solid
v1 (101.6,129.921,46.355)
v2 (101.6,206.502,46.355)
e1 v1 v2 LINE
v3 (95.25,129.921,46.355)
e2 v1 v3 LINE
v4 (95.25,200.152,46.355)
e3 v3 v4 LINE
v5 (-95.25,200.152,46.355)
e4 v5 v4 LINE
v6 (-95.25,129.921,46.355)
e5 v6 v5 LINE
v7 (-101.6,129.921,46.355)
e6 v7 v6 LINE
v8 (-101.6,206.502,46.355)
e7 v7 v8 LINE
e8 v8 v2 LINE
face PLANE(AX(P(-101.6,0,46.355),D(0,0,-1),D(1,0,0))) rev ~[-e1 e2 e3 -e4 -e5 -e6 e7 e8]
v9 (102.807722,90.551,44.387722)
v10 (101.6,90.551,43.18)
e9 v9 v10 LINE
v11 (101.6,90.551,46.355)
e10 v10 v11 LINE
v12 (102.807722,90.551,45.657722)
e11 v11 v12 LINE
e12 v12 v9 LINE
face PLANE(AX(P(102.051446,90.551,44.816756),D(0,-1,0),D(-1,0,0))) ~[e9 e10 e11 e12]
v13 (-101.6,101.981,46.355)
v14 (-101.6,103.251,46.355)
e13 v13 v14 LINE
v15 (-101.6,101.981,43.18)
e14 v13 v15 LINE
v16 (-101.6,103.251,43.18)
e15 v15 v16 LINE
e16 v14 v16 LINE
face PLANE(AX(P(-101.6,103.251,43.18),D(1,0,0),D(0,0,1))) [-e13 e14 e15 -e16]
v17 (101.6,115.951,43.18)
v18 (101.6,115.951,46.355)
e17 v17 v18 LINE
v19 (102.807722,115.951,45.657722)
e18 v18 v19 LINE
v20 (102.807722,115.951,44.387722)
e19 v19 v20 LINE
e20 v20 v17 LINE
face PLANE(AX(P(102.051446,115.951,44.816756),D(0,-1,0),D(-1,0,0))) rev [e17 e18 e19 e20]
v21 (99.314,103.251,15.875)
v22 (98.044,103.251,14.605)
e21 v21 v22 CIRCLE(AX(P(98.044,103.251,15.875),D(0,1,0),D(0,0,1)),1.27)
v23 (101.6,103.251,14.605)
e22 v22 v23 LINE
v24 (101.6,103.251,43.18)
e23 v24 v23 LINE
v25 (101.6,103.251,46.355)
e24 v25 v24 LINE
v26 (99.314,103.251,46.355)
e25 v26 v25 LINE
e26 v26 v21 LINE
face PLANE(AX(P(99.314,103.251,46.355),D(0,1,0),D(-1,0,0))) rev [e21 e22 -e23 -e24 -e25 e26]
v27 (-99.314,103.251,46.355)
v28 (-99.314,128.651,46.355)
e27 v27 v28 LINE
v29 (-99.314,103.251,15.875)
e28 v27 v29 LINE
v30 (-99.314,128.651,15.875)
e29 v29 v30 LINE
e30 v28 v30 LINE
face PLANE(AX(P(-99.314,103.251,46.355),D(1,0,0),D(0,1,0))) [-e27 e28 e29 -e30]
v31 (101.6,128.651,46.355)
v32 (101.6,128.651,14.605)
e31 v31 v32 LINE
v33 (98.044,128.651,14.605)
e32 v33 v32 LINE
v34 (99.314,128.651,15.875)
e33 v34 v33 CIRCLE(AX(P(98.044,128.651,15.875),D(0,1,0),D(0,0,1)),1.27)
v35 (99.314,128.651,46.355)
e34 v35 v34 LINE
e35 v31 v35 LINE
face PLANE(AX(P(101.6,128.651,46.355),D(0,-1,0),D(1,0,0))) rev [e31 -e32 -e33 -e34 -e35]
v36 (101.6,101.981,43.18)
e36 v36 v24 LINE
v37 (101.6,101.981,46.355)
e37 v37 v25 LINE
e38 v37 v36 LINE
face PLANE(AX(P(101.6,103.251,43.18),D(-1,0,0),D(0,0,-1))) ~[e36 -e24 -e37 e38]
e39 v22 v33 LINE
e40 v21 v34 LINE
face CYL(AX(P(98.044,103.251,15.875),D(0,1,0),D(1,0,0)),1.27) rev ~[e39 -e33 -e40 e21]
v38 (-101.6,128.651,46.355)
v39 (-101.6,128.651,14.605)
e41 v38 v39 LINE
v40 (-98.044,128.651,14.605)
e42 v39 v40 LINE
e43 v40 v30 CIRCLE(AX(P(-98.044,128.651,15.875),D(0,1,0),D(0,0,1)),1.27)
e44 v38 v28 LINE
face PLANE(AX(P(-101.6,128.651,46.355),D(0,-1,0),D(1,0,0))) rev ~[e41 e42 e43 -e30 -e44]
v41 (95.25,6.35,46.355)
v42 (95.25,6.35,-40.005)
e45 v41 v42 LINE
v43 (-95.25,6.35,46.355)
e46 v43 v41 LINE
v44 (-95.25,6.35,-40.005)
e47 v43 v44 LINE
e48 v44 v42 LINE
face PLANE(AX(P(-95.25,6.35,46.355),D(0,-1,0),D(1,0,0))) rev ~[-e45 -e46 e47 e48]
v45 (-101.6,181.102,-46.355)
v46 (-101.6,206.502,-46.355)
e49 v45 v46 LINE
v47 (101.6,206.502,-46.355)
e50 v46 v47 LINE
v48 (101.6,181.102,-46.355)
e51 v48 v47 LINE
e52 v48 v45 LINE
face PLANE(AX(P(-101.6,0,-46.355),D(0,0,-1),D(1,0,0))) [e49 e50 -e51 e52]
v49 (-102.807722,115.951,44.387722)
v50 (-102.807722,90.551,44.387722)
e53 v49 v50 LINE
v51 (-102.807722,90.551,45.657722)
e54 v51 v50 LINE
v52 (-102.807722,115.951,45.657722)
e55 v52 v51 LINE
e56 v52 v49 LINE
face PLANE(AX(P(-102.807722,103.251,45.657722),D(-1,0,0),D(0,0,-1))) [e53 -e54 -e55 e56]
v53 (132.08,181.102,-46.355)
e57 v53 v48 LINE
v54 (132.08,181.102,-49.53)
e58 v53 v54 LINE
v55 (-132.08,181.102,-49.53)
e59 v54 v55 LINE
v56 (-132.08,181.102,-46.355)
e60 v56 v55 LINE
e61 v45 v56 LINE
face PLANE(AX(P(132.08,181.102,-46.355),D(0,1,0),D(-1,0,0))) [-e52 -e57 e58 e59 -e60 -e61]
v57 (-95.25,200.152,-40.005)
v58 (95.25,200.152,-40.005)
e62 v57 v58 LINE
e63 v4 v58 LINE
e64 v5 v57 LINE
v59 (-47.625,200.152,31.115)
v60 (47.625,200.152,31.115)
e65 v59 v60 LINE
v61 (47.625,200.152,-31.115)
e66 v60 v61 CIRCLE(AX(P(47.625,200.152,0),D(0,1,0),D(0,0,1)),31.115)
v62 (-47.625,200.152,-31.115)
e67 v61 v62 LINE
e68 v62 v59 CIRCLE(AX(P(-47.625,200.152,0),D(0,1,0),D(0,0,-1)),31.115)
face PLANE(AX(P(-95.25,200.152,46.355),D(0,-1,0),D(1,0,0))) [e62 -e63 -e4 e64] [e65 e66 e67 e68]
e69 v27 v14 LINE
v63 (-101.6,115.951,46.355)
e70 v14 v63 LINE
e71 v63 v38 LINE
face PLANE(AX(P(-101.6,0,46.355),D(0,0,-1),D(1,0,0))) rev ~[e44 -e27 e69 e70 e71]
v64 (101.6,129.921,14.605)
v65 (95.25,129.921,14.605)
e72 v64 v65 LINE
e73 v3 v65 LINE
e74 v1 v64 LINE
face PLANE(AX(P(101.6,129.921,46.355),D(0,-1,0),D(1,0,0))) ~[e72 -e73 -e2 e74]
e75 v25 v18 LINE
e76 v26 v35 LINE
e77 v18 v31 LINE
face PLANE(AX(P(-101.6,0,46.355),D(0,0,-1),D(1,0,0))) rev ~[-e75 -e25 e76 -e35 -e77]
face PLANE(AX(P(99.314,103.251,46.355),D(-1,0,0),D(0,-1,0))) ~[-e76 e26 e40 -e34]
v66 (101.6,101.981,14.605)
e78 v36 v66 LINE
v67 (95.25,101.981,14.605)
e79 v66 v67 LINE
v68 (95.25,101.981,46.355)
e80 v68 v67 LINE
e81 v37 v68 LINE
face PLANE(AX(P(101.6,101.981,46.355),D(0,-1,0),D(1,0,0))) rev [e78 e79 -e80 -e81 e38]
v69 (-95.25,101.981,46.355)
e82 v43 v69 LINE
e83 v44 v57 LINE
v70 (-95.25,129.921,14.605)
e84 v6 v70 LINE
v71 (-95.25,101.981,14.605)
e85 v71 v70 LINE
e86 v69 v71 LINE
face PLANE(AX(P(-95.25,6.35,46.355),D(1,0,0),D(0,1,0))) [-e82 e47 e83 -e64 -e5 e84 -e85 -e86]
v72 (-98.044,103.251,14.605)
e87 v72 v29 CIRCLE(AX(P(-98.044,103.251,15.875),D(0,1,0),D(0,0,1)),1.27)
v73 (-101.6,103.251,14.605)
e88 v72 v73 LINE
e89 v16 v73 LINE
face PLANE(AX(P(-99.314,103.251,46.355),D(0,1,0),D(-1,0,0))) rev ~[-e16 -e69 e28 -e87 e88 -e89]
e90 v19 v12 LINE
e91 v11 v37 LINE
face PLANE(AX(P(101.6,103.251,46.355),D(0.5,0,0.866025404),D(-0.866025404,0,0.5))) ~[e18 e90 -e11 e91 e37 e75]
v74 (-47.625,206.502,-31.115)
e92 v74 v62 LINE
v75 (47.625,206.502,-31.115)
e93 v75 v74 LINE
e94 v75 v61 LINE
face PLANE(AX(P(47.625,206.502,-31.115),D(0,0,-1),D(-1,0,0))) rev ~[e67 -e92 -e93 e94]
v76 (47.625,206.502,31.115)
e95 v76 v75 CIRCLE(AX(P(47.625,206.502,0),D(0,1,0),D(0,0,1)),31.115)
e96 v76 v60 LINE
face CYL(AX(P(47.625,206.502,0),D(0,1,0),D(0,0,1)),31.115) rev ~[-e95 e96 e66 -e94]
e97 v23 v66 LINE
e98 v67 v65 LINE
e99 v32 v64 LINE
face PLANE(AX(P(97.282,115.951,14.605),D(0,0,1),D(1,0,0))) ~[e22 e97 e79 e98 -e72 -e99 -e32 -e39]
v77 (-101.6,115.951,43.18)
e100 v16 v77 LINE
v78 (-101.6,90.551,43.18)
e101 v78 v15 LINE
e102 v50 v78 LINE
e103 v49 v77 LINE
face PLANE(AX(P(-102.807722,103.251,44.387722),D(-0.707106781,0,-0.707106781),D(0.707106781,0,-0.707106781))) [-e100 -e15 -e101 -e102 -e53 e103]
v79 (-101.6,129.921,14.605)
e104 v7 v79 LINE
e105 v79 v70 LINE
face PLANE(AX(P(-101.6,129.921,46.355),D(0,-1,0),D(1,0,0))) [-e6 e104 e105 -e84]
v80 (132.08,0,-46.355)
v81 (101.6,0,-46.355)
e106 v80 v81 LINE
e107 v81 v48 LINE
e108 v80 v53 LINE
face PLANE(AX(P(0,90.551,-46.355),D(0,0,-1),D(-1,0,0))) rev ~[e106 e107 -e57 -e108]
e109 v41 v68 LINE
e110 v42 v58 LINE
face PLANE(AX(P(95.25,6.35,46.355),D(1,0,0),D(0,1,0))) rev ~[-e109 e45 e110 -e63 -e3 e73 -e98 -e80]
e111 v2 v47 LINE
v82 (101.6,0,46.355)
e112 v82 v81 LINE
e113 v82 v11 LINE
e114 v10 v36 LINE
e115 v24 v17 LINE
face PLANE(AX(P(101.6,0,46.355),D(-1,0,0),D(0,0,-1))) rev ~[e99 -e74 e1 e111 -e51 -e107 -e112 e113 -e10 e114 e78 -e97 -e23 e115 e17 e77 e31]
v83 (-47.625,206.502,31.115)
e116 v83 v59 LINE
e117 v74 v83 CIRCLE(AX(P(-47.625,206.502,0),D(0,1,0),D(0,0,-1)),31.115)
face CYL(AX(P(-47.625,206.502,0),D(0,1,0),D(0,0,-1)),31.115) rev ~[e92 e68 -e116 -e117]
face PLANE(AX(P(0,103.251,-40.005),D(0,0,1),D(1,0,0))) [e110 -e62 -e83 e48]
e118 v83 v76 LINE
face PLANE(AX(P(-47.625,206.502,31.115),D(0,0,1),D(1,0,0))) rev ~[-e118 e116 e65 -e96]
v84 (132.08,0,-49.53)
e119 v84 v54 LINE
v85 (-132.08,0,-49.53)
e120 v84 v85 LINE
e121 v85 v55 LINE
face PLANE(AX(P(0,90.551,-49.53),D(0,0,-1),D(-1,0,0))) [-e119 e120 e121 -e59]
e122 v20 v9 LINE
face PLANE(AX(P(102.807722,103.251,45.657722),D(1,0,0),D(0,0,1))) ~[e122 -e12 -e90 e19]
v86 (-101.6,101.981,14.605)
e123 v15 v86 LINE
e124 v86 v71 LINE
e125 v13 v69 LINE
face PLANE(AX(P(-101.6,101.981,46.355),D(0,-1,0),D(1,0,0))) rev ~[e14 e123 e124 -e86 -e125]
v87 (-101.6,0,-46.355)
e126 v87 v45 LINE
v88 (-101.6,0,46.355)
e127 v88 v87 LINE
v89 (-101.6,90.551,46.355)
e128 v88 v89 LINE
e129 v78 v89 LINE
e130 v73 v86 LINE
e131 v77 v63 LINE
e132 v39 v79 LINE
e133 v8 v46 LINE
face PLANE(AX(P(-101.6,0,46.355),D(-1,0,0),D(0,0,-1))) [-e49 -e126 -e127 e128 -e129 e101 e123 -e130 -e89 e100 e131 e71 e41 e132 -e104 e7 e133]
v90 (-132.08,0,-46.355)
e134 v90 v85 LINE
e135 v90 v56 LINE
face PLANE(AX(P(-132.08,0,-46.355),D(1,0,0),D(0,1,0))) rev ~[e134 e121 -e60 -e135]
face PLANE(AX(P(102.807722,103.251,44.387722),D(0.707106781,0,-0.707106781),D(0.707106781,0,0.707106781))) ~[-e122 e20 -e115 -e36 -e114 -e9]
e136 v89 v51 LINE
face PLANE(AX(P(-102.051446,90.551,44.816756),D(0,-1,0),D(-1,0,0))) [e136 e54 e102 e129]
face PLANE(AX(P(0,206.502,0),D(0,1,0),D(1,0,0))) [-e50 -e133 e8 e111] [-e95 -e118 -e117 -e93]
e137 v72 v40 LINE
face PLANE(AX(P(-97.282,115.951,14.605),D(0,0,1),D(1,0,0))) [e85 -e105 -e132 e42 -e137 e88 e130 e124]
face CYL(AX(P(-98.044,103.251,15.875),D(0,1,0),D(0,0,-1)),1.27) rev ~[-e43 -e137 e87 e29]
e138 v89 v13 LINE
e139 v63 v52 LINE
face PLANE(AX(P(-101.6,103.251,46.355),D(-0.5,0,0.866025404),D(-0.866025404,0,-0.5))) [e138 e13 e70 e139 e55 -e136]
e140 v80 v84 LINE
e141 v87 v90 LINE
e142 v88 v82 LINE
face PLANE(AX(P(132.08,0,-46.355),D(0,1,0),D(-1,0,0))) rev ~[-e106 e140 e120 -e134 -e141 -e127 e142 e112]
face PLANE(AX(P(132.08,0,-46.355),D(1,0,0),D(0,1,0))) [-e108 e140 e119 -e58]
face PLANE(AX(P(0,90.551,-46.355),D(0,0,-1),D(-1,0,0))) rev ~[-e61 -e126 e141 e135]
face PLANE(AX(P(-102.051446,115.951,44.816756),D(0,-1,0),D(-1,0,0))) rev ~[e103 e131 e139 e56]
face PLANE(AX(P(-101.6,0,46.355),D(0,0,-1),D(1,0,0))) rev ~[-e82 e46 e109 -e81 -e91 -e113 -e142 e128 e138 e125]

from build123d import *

# Parameters (mm, degrees)
SKETCH2_W            = 203.2
SKETCH2_H            = 92.71
BOSS_EXTRUDE1_DEPTH  = 206.502
SKETCH3_W            = 190.5
SKETCH3_H            = 193.802
CUT_EXTRUDE1_DEPTH   = 86.36
CUT_EXTRUDE2_REACH   = 236.765
SKETCH6_W            = 264.16
SKETCH6_H            = 181.102
BOSS_EXTRUDE2_DEPTH  = 3.175
SKETCH8_W            = 4.064
SKETCH8_H            = 25.4
SKETCH8_W_2          = 6.35
SKETCH8_H_2          = 1.27
CUT_EXTRUDE3_DEPTH   = 31.75
FILLET1_R            = 1.27
BOSS_EXTRUDE3_DEPTH  = 12.7
FILLET1_OF_MIRROR1_R = 1.27


with BuildPart() as part:
    # Sketch2 → Boss-Extrude1 (new body)
    with BuildSketch(Plane(origin=(0, 0, 0), x_dir=(1, 0, 0), z_dir=(0, 1, 0))):
        Rectangle(SKETCH2_W, SKETCH2_H)
    extrude(amount=BOSS_EXTRUDE1_DEPTH)

    # Sketch3 → Cut-Extrude1 (cut)
    with BuildSketch(Plane.XY.offset(46.355)):
        with Locations((0, 103.251)):
            Rectangle(SKETCH3_W, SKETCH3_H)
    extrude(amount=-CUT_EXTRUDE1_DEPTH, mode=Mode.SUBTRACT)

    # Sketch5 → Cut-Extrude2 (cut, up to next)
    with BuildSketch(Plane.XZ.offset(-206.502), mode=Mode.PRIVATE) as cut_extrude2_sk1:
        with BuildLine():
            Line((-47.625, 31.115), (47.625, 31.115))
            ThreePointArc((47.625, 31.115), (78.74, 0), (47.625, -31.115))
            Line((47.625, -31.115), (-47.625, -31.115))
            ThreePointArc((-47.625, -31.115), (-78.74, 0), (-47.625, 31.115))
        make_face()
    cut_extrude2_tool1 = extrude(cut_extrude2_sk1.sketch, amount=CUT_EXTRUDE2_REACH, mode=Mode.PRIVATE) & part.part
    add(cut_extrude2_tool1.solids().sort_by_distance((0, 206.502, 0))[0], mode=Mode.SUBTRACT)

    # Sketch6 → Boss-Extrude2 (add)
    with BuildSketch(Plane(origin=(0, 0, -46.355), x_dir=(-1, 0, 0), z_dir=(0, 0, -1))):
        with Locations((0, 90.551)):
            Rectangle(SKETCH6_W, SKETCH6_H)
    extrude(amount=BOSS_EXTRUDE2_DEPTH)

    # Sketch8 → Cut-Extrude3 (cut)
    with BuildSketch(Plane.XY.offset(46.355)):
        with Locations((-97.282, 115.951)):
            Rectangle(SKETCH8_W, SKETCH8_H)
        Polygon((-95.25, 103.251), (-99.314, 103.251), (-101.6, 103.251), (-101.6, 101.981), (-95.25, 101.981), align=None)
        with Locations((-98.425, 129.286)):
            Rectangle(SKETCH8_W_2, SKETCH8_H_2)
    cut_extrude3 = extrude(amount=-CUT_EXTRUDE3_DEPTH, mode=Mode.SUBTRACT)

    # Fillet1
    fillet1_edges = [part.edges().sort_by_distance(p)[0] for p in [
        (-99.314, 115.951, 14.605),
    ]]
    fillet(fillet1_edges, radius=FILLET1_R)

    # Sketch10 → Boss-Extrude3 (add, symmetric)
    with BuildSketch(Plane(origin=(0, 103.251, 0), x_dir=(-1, 0, 0), z_dir=(0, -1, 0))):
        Polygon((101.6, -46.355), (102.807721606, -45.657721606), (102.807721606, -44.387721606), (101.6, -43.18), align=None)
    boss_extrude3 = extrude(amount=BOSS_EXTRUDE3_DEPTH, both=True)

    # Mirror1: Cut-Extrude3, Boss-Extrude3 across plane
    add(cut_extrude3.mirror(Plane(origin=(0, 0, 0), x_dir=(0, 0, 1), z_dir=(1, 0, 0))), mode=Mode.SUBTRACT)
    add(boss_extrude3.mirror(Plane(origin=(0, 0, 0), x_dir=(0, 0, 1), z_dir=(1, 0, 0))))

    # Fillet1 of Mirror1
    fillet1_of_mirror1_edges = [part.edges().sort_by_distance(p)[0] for p in [
        (99.314, 115.951, 14.605),
    ]]
    fillet(fillet1_of_mirror1_edges, radius=FILLET1_OF_MIRROR1_R)


solid = part.part
